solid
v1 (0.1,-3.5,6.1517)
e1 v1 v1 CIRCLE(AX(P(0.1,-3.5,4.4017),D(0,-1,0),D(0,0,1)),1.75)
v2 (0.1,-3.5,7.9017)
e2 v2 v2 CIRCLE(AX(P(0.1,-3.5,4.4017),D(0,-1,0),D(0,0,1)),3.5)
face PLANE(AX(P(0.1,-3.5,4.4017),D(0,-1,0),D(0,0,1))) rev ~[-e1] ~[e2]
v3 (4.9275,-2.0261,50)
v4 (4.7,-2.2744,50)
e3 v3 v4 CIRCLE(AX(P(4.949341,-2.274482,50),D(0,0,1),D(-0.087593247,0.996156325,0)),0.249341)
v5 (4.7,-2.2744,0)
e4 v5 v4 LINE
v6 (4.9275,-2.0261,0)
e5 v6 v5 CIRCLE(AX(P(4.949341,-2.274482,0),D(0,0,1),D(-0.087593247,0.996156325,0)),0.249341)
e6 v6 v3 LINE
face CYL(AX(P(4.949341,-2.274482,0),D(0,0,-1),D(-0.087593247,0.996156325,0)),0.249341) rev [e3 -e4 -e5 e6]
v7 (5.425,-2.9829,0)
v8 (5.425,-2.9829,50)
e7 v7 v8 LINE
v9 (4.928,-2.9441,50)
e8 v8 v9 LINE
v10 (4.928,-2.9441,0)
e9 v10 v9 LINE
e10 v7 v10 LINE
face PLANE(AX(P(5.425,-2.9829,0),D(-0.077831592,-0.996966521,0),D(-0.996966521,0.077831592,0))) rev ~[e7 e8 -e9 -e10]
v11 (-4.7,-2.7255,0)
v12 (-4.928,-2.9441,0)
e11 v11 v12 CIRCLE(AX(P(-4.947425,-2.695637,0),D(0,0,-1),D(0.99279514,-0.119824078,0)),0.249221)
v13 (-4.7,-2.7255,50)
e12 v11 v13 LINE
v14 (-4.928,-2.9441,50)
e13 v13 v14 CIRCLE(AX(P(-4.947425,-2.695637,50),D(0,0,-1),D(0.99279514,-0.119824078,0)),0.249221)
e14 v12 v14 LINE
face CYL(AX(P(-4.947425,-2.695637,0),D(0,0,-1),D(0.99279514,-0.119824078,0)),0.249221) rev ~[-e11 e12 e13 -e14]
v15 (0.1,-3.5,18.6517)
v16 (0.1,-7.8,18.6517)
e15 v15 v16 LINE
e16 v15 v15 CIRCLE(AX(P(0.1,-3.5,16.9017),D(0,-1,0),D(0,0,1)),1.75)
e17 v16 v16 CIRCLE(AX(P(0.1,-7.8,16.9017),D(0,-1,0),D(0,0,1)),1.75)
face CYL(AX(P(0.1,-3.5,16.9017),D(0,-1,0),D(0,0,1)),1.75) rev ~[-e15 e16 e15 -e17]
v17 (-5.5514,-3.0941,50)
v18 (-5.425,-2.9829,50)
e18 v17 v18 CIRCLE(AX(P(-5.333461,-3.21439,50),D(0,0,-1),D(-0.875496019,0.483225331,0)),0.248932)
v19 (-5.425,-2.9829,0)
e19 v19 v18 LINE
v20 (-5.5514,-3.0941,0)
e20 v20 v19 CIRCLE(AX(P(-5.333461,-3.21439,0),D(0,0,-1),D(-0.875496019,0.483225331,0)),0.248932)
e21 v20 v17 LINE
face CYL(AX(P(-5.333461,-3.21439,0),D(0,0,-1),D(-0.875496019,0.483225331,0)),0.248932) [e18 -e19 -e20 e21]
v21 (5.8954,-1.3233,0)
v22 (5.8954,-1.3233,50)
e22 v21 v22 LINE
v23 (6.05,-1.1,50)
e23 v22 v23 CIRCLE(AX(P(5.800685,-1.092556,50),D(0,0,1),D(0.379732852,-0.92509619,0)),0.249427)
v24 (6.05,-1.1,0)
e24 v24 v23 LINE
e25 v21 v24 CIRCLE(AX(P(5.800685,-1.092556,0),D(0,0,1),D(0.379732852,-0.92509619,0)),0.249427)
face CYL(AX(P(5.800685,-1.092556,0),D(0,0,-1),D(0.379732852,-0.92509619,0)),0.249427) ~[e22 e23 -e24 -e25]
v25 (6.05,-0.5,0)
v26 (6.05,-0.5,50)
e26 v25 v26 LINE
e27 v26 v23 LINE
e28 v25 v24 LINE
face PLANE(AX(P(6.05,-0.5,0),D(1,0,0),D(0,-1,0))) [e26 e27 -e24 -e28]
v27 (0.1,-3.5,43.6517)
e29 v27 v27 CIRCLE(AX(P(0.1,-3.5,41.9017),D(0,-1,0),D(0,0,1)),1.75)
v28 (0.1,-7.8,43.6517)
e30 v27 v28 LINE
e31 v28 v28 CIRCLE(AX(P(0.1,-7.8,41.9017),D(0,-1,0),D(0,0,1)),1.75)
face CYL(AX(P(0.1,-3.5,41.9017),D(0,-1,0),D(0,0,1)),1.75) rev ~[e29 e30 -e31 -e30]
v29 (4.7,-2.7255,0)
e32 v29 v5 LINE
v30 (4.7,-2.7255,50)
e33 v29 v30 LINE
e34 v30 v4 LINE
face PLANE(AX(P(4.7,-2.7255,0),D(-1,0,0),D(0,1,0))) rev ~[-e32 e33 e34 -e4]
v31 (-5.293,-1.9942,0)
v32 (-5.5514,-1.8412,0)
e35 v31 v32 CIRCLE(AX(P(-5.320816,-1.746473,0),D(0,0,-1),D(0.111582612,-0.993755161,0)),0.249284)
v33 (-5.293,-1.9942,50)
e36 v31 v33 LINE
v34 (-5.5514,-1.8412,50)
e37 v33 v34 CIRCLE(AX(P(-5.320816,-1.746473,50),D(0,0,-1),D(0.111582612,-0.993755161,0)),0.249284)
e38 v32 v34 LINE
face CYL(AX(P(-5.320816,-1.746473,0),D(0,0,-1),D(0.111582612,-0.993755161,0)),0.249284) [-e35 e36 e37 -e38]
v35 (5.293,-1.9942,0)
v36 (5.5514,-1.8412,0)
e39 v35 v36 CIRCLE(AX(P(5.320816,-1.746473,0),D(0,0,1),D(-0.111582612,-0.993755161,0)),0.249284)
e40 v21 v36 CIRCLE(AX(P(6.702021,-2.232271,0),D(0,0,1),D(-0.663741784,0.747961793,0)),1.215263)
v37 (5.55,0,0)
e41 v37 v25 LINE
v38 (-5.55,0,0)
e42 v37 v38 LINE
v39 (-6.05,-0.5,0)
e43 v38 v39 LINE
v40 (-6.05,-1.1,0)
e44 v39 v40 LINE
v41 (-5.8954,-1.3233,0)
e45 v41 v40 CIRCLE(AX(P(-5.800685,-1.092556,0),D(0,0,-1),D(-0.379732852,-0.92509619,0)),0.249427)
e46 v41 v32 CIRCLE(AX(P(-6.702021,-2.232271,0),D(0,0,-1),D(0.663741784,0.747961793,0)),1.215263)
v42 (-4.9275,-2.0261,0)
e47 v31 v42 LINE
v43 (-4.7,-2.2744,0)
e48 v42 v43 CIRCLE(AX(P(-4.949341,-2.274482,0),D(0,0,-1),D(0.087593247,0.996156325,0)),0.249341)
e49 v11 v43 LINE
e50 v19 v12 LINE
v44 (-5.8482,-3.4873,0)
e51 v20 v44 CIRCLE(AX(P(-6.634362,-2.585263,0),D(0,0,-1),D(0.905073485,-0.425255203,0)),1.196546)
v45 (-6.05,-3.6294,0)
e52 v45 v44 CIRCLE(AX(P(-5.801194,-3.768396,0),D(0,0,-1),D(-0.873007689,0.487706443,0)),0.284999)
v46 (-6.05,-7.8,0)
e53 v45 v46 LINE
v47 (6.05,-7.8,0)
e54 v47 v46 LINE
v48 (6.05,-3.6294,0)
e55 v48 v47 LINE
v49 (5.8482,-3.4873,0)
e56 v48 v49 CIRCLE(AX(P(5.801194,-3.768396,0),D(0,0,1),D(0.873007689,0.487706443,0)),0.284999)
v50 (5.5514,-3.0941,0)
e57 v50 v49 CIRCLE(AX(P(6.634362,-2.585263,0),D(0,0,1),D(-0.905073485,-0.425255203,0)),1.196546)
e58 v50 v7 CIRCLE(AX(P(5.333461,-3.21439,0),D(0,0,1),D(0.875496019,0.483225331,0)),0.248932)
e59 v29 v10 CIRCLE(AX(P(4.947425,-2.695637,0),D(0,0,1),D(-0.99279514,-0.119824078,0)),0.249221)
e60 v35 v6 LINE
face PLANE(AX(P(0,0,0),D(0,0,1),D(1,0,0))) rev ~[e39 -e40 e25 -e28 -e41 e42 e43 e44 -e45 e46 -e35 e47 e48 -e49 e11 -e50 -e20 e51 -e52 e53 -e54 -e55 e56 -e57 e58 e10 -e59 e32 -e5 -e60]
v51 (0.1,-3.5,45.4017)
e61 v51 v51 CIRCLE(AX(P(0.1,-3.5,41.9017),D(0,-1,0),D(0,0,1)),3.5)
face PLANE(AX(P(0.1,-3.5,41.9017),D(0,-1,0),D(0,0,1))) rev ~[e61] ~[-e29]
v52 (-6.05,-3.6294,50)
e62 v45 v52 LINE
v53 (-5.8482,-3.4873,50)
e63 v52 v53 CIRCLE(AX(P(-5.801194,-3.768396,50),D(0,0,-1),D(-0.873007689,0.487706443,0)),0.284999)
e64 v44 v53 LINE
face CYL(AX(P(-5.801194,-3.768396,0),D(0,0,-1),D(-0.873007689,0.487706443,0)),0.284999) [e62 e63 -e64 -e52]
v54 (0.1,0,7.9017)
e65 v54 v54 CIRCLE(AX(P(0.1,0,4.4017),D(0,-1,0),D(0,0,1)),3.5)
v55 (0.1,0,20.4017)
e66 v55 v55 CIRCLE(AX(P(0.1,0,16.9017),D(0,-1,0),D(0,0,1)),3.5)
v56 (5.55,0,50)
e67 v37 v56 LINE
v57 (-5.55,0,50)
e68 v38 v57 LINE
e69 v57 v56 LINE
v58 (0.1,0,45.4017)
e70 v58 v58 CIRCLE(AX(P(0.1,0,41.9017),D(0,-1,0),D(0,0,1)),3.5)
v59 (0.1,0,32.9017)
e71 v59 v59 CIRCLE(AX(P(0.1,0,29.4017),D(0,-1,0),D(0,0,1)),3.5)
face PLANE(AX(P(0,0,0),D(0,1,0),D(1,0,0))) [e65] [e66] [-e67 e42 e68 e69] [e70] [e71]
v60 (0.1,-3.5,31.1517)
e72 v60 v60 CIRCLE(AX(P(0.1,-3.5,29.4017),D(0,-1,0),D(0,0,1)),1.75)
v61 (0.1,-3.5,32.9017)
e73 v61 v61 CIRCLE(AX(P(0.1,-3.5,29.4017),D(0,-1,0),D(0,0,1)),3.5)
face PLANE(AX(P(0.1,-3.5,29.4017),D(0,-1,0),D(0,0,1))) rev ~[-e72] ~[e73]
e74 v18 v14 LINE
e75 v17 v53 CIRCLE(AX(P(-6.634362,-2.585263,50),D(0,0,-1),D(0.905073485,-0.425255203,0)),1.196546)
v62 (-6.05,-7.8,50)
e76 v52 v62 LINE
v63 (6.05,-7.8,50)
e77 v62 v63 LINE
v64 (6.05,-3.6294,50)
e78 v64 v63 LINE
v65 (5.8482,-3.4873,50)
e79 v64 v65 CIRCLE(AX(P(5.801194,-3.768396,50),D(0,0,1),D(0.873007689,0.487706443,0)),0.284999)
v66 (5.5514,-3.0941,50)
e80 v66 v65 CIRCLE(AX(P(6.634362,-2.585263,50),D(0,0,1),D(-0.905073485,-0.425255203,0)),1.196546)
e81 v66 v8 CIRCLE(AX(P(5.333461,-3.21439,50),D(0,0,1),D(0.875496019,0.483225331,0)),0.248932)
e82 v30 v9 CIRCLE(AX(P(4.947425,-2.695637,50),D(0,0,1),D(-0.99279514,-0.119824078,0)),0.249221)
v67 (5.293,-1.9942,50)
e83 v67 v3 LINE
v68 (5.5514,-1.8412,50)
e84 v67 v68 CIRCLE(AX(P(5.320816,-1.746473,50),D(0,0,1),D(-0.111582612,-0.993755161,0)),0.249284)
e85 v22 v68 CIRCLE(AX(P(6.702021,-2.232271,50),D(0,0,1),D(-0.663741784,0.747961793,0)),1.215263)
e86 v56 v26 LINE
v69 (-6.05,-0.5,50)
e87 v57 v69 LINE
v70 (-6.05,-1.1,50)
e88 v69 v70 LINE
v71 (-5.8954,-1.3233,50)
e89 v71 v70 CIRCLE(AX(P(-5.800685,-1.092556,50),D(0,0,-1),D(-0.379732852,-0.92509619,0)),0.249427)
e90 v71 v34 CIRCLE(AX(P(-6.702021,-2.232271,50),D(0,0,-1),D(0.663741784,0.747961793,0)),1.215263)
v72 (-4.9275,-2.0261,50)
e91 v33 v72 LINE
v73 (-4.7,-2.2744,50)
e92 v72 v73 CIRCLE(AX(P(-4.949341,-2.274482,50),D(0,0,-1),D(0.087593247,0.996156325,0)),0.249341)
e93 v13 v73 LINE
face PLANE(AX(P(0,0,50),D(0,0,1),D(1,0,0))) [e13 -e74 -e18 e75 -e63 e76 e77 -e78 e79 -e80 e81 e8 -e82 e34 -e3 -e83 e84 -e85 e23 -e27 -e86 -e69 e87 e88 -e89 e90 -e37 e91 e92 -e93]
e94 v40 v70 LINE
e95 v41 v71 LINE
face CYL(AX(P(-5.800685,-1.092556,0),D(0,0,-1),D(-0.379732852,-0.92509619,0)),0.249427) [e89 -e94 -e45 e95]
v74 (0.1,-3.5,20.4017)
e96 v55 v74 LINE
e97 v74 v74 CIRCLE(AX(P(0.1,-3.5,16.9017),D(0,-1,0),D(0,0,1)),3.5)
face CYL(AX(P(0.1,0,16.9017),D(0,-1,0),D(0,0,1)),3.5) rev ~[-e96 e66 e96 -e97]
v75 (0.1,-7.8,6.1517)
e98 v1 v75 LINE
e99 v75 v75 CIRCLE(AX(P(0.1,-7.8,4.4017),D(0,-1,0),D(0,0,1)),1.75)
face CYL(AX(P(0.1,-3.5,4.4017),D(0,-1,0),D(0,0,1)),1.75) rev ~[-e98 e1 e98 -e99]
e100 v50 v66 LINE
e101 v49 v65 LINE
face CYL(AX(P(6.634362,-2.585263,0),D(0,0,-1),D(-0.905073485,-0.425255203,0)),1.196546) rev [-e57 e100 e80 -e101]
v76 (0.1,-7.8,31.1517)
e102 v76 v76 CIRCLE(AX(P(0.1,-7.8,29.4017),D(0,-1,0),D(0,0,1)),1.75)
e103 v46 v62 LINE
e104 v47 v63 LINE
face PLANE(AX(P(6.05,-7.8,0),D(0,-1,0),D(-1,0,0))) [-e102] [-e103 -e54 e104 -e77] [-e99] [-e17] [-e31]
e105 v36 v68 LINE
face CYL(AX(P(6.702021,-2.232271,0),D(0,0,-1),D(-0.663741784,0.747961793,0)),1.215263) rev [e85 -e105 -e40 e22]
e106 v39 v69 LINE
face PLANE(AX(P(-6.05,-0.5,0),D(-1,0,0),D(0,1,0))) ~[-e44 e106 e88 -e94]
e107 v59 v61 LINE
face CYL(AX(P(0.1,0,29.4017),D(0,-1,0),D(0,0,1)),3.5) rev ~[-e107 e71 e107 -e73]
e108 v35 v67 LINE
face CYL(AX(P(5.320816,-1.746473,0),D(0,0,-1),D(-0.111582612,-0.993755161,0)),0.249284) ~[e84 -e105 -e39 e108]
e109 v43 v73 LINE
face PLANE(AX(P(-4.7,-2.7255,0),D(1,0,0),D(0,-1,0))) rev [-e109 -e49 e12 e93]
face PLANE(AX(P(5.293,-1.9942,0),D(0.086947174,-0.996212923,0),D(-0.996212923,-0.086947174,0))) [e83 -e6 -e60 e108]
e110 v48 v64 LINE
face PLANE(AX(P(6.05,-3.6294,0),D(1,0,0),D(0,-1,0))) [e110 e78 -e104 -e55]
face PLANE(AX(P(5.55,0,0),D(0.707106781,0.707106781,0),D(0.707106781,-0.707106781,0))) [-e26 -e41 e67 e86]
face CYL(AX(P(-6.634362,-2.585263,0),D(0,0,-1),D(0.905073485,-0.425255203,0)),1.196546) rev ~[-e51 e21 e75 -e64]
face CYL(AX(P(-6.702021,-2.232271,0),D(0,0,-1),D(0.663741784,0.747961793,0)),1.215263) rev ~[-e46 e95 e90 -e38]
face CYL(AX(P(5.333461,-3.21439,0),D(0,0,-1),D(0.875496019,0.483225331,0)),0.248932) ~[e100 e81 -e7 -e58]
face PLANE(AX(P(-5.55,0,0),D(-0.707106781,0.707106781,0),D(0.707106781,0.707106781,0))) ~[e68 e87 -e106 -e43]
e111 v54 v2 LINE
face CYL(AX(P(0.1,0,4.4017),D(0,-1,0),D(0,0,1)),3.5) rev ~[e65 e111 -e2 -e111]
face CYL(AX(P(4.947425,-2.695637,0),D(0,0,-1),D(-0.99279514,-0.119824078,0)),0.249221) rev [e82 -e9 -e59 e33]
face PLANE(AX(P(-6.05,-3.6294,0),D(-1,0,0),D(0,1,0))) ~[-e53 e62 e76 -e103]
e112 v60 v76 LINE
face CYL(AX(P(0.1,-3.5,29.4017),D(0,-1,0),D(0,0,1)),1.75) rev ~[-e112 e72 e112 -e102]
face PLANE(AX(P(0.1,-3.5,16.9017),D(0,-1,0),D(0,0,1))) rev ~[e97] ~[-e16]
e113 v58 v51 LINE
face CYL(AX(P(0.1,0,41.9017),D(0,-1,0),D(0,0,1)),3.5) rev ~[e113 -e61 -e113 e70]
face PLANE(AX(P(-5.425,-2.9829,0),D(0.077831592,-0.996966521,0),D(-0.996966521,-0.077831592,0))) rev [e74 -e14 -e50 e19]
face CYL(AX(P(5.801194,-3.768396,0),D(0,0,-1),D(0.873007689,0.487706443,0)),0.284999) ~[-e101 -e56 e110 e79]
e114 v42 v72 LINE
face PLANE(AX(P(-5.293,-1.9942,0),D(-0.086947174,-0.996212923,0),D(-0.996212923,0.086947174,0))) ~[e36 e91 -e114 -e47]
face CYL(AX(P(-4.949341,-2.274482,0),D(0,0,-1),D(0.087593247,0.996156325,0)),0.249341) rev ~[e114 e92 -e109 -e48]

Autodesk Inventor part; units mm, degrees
ref_plane "YZ Plane" through (0, 0, 0) normal (1, 0, 0) x (0, 1, 0)
ref_plane "XZ Plane" through (0, 0, 0) normal (0, 1, 0) x (-1, 0, 0)
ref_plane "XY Plane" through (0, 0, 0) normal (0, 0, 1) x (1, 0, 0)
ref_plane "Work Plane1" through (0, 0, 0) normal (0, 0, 1) x (1, 0, 0)
sketch "Sketch1" plane through (0, 0, 0) normal (0, 0, 1) x (1, 0, 0)
  line L0 (0, 0) -> (5.55, 0)
  line L1 (6.05, -7.8) -> (0, -7.8)
  line L2 (0, -7.8) -> (0, 0)
  line L3 (5.55, 0) -> (6.05, -0.5)
  arc A0 (6.05, -3.6294) -> (5.8482, -3.4873) centre (5.8013, -3.7683) ccw
  arc A1 (5.5514, -3.0941) -> (5.8482, -3.4873) centre (6.6343, -2.5853) ccw
  arc A2 (5.5514, -3.0941) -> (5.425, -2.9829) centre (5.3332, -3.2146) ccw
  line L4 (5.425, -2.9829) -> (4.928, -2.9441)
  arc A3 (4.7, -2.7255) -> (4.928, -2.9441) centre (4.9475, -2.6956) ccw
  arc A4 (4.9275, -2.0261) -> (4.7, -2.2744) centre (4.9493, -2.2744) ccw
  arc A5 (5.293, -1.9942) -> (5.5514, -1.8412) centre (5.3208, -1.7464) ccw
  arc A6 (5.8954, -1.3233) -> (5.5514, -1.8412) centre (6.7024, -2.2326) ccw
  arc A7 (5.8954, -1.3233) -> (6.05, -1.1) centre (5.8008, -1.0927) ccw
  line L5 (5.293, -1.9942) -> (4.9275, -2.0261)
  line L6 (4.7, -2.7255) -> (4.7, -2.2744)
  line L7 (6.05, -0.5) -> (6.05, -1.1)
  line L8 (6.05, -3.6294) -> (6.05, -7.8)
  point P0 (6.05, 0)
  dimension "d0" = 0.5
  dimension "d1" = 0.5
  dimension "d17" = 6.05
  dimension "d18" = 7.8
  dimension "d20" = 2.6756
  dimension "d21" = 0.5
  dimension "d22" = 1.1
  dimension "d23" = 4.7
  dimension "d24" = 0.2275
  dimension "d25" = 0.228
  dimension "d26" = 0
  dimension "d27" = 0.2483
  dimension "d28" = 0.2186
extrude "Extrusion1" add sketch "Sketch1" along normal blind 50
mirror "Mirror1" about plane through (0, 0, 0) normal (-1, 0, 0) of "Extrusion1"
sketch "Sketch2" plane through (5.55, 0, 50) normal (0, 1, 0) x (1, 0, 0)
  line L0 (-11.1, 50) -> (0, 50) projected
  line L1 (-11.1, 50) -> (-11.1, 0) projected
  line L2 (0, 0) -> (-11.1, 0) projected
  line L3 (0, 50) -> (0, 0) projected
  point P0 (-5.55, 50)
  point P1 (-5.45, 45.5983)
hole "Hole1" at (0.1, 0, 4.4017) direction (0, -1, 0) diameter 3.5 end through all counterbore diameter 7 counterbore depth 3.5
pattern_linear "Rectangular Pattern1" count 5 spacing 12.5 along (0, 0, 1) of "Hole1"
ref_plane "Work Plane2" through (0, -7.8, 0) normal (1, 0, 0) x (0, 0, -1)
ref_plane "Arbeitsebene3" through (0, 0, 25) normal (0, 0, 1) x (1, 0, 0)
equation "\"d1\" = d0"
properties part number "30_Cube_Z_Focus_MGN_NEMA_rail"
